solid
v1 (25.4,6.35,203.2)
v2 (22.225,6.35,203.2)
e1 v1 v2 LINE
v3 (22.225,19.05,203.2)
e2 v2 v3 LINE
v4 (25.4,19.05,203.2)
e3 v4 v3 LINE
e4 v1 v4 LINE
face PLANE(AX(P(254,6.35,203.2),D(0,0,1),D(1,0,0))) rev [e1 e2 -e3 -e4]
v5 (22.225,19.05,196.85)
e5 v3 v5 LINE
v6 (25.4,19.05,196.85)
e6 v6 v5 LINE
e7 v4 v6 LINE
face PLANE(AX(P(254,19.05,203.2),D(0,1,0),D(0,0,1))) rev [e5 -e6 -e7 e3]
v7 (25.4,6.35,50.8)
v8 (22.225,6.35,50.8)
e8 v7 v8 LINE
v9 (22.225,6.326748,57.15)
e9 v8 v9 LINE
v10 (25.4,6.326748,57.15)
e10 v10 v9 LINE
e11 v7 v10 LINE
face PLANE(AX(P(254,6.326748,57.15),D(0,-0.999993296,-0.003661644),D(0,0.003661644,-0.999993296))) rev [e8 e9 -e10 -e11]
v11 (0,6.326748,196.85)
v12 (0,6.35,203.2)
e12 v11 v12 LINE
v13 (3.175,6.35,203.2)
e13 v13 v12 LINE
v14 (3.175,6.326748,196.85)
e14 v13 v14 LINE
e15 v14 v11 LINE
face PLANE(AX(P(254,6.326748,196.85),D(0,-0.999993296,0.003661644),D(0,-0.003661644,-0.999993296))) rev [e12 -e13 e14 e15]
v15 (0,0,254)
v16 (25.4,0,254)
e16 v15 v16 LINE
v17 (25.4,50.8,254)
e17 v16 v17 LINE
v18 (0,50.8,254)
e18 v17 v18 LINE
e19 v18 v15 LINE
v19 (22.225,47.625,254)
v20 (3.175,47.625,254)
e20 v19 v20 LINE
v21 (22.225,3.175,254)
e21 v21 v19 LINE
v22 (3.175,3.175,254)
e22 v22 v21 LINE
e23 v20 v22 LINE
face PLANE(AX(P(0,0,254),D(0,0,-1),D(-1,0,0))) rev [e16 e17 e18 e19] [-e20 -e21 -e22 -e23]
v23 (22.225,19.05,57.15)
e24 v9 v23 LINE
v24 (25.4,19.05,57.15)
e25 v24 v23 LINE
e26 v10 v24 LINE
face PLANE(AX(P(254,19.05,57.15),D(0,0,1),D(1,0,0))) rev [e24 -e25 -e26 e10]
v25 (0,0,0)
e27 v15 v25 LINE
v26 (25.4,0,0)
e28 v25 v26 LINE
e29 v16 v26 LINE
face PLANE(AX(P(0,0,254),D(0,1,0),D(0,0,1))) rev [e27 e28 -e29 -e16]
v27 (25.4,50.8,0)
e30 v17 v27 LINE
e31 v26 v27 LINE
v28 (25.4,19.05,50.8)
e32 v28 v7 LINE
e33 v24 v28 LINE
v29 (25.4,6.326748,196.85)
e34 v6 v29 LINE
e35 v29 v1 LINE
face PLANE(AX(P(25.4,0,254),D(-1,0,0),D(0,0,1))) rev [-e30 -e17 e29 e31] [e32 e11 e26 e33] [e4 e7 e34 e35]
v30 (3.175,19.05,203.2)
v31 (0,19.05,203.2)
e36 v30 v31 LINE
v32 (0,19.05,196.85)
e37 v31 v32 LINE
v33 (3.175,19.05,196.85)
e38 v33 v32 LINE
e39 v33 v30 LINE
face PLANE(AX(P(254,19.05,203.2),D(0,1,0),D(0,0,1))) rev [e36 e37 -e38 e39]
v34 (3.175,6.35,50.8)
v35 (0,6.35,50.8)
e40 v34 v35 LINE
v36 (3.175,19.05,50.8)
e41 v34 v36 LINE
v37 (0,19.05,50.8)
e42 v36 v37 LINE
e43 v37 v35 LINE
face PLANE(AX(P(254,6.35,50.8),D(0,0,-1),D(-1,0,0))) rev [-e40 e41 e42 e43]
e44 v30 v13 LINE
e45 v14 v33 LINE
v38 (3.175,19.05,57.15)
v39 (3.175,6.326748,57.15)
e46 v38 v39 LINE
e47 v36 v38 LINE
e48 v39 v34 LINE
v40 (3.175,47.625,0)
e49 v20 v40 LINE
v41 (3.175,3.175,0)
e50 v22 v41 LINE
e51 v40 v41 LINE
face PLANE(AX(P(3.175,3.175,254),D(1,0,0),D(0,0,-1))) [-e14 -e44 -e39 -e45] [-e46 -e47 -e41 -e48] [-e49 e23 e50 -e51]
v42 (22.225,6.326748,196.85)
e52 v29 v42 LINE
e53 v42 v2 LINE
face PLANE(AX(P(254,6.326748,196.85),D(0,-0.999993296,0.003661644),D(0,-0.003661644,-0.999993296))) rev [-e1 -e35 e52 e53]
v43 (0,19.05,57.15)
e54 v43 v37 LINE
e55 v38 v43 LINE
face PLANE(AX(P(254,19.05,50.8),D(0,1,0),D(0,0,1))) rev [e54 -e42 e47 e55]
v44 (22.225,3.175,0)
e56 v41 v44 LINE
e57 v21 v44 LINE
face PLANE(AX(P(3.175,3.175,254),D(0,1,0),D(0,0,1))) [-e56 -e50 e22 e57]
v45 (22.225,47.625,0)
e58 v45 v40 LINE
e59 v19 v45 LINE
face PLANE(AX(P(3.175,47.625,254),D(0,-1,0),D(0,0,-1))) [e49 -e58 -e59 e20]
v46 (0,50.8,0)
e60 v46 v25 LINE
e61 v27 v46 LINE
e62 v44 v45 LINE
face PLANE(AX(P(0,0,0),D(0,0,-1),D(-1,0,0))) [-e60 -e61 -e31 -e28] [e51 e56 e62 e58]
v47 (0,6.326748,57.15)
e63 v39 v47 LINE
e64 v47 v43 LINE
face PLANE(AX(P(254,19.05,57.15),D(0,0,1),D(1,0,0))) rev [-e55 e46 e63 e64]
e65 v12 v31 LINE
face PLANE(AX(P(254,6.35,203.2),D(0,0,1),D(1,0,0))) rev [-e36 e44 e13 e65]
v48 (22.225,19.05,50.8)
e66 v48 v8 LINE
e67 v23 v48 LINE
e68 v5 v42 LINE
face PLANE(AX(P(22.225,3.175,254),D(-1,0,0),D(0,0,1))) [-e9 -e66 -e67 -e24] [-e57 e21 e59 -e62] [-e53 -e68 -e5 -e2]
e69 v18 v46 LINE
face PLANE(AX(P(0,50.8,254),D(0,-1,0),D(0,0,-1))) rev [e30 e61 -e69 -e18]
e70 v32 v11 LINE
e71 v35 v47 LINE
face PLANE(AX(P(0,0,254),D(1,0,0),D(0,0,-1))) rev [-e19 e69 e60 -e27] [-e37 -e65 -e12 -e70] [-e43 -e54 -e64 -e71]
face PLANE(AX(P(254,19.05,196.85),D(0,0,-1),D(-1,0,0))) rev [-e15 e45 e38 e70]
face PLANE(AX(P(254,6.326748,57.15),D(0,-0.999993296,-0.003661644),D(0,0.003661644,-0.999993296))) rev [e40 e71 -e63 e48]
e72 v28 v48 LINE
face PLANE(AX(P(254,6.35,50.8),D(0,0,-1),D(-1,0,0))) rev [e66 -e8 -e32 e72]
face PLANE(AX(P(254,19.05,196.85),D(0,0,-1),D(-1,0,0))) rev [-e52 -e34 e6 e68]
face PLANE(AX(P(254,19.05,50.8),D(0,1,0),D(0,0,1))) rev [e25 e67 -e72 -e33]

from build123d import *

# Parameters (mm, degrees)
SKETCH1_W           = 25.4
SKETCH1_H           = 50.8
SKETCH1_W_2         = 19.05
SKETCH1_H_2         = 44.45
BOSS_EXTRUDE1_DEPTH = 254
SKETCH2_R           = 6.482173328
CUT_EXTRUDE1_DEPTH  = 254
BOSS_EXTRUDE2_START = -25.4
SKETCH3_R           = 6.482173328
BOSS_EXTRUDE2_DEPTH = 25.4
SKETCH4_W           = 19.05
SKETCH4_H           = 44.45
CUT_EXTRUDE2_DEPTH  = 254
CUT_EXTRUDE3_DEPTH  = 254


with BuildPart() as part:
    # Sketch1 → Boss-Extrude1 (new body)
    with BuildSketch(Plane.XY):
        with Locations((12.7, 25.4)):
            Rectangle(SKETCH1_W, SKETCH1_H)
        with Locations((12.7, 25.4)):
            Rectangle(SKETCH1_W_2, SKETCH1_H_2, mode=Mode.SUBTRACT)
    extrude(amount=BOSS_EXTRUDE1_DEPTH)

    # Sketch2 → Cut-Extrude1 (cut)
    with BuildSketch(Plane(origin=(25.4, 0, 0), x_dir=(0, 0, -1), z_dir=(1, 0, 0))):
        with Locations((-209.55, 12.7)):
            Circle(SKETCH2_R)
        with Locations((-44.45, 12.7)):
            Circle(SKETCH2_R)
    extrude(amount=-CUT_EXTRUDE1_DEPTH, mode=Mode.SUBTRACT)

    # Sketch3 → Boss-Extrude2 (add)
    with BuildSketch(Plane.ZY.offset(BOSS_EXTRUDE2_START)):
        with Locations((209.55, 12.7)):
            Circle(SKETCH3_R)
        with Locations((44.45, 12.7)):
            Circle(SKETCH3_R)
    extrude(amount=BOSS_EXTRUDE2_DEPTH)

    # Sketch4 → Cut-Extrude2 (cut)
    with BuildSketch(Plane.XY.offset(254)):
        with Locations((12.7, 25.4)):
            Rectangle(SKETCH4_W, SKETCH4_H)
    extrude(amount=-CUT_EXTRUDE2_DEPTH, mode=Mode.SUBTRACT)

    # Sketch5 → Cut-Extrude3 (cut)
    with BuildSketch(Plane.ZY):
        Polygon((196.85, 19.05), (196.85, 6.326748406), (203.2, 6.35), (203.2, 19.05), align=None)
        Polygon((57.15, 6.326748406), (50.8, 6.35), (50.8, 19.05), (57.15, 19.05), align=None)
    extrude(amount=-CUT_EXTRUDE3_DEPTH, mode=Mode.SUBTRACT)


solid = part.part
